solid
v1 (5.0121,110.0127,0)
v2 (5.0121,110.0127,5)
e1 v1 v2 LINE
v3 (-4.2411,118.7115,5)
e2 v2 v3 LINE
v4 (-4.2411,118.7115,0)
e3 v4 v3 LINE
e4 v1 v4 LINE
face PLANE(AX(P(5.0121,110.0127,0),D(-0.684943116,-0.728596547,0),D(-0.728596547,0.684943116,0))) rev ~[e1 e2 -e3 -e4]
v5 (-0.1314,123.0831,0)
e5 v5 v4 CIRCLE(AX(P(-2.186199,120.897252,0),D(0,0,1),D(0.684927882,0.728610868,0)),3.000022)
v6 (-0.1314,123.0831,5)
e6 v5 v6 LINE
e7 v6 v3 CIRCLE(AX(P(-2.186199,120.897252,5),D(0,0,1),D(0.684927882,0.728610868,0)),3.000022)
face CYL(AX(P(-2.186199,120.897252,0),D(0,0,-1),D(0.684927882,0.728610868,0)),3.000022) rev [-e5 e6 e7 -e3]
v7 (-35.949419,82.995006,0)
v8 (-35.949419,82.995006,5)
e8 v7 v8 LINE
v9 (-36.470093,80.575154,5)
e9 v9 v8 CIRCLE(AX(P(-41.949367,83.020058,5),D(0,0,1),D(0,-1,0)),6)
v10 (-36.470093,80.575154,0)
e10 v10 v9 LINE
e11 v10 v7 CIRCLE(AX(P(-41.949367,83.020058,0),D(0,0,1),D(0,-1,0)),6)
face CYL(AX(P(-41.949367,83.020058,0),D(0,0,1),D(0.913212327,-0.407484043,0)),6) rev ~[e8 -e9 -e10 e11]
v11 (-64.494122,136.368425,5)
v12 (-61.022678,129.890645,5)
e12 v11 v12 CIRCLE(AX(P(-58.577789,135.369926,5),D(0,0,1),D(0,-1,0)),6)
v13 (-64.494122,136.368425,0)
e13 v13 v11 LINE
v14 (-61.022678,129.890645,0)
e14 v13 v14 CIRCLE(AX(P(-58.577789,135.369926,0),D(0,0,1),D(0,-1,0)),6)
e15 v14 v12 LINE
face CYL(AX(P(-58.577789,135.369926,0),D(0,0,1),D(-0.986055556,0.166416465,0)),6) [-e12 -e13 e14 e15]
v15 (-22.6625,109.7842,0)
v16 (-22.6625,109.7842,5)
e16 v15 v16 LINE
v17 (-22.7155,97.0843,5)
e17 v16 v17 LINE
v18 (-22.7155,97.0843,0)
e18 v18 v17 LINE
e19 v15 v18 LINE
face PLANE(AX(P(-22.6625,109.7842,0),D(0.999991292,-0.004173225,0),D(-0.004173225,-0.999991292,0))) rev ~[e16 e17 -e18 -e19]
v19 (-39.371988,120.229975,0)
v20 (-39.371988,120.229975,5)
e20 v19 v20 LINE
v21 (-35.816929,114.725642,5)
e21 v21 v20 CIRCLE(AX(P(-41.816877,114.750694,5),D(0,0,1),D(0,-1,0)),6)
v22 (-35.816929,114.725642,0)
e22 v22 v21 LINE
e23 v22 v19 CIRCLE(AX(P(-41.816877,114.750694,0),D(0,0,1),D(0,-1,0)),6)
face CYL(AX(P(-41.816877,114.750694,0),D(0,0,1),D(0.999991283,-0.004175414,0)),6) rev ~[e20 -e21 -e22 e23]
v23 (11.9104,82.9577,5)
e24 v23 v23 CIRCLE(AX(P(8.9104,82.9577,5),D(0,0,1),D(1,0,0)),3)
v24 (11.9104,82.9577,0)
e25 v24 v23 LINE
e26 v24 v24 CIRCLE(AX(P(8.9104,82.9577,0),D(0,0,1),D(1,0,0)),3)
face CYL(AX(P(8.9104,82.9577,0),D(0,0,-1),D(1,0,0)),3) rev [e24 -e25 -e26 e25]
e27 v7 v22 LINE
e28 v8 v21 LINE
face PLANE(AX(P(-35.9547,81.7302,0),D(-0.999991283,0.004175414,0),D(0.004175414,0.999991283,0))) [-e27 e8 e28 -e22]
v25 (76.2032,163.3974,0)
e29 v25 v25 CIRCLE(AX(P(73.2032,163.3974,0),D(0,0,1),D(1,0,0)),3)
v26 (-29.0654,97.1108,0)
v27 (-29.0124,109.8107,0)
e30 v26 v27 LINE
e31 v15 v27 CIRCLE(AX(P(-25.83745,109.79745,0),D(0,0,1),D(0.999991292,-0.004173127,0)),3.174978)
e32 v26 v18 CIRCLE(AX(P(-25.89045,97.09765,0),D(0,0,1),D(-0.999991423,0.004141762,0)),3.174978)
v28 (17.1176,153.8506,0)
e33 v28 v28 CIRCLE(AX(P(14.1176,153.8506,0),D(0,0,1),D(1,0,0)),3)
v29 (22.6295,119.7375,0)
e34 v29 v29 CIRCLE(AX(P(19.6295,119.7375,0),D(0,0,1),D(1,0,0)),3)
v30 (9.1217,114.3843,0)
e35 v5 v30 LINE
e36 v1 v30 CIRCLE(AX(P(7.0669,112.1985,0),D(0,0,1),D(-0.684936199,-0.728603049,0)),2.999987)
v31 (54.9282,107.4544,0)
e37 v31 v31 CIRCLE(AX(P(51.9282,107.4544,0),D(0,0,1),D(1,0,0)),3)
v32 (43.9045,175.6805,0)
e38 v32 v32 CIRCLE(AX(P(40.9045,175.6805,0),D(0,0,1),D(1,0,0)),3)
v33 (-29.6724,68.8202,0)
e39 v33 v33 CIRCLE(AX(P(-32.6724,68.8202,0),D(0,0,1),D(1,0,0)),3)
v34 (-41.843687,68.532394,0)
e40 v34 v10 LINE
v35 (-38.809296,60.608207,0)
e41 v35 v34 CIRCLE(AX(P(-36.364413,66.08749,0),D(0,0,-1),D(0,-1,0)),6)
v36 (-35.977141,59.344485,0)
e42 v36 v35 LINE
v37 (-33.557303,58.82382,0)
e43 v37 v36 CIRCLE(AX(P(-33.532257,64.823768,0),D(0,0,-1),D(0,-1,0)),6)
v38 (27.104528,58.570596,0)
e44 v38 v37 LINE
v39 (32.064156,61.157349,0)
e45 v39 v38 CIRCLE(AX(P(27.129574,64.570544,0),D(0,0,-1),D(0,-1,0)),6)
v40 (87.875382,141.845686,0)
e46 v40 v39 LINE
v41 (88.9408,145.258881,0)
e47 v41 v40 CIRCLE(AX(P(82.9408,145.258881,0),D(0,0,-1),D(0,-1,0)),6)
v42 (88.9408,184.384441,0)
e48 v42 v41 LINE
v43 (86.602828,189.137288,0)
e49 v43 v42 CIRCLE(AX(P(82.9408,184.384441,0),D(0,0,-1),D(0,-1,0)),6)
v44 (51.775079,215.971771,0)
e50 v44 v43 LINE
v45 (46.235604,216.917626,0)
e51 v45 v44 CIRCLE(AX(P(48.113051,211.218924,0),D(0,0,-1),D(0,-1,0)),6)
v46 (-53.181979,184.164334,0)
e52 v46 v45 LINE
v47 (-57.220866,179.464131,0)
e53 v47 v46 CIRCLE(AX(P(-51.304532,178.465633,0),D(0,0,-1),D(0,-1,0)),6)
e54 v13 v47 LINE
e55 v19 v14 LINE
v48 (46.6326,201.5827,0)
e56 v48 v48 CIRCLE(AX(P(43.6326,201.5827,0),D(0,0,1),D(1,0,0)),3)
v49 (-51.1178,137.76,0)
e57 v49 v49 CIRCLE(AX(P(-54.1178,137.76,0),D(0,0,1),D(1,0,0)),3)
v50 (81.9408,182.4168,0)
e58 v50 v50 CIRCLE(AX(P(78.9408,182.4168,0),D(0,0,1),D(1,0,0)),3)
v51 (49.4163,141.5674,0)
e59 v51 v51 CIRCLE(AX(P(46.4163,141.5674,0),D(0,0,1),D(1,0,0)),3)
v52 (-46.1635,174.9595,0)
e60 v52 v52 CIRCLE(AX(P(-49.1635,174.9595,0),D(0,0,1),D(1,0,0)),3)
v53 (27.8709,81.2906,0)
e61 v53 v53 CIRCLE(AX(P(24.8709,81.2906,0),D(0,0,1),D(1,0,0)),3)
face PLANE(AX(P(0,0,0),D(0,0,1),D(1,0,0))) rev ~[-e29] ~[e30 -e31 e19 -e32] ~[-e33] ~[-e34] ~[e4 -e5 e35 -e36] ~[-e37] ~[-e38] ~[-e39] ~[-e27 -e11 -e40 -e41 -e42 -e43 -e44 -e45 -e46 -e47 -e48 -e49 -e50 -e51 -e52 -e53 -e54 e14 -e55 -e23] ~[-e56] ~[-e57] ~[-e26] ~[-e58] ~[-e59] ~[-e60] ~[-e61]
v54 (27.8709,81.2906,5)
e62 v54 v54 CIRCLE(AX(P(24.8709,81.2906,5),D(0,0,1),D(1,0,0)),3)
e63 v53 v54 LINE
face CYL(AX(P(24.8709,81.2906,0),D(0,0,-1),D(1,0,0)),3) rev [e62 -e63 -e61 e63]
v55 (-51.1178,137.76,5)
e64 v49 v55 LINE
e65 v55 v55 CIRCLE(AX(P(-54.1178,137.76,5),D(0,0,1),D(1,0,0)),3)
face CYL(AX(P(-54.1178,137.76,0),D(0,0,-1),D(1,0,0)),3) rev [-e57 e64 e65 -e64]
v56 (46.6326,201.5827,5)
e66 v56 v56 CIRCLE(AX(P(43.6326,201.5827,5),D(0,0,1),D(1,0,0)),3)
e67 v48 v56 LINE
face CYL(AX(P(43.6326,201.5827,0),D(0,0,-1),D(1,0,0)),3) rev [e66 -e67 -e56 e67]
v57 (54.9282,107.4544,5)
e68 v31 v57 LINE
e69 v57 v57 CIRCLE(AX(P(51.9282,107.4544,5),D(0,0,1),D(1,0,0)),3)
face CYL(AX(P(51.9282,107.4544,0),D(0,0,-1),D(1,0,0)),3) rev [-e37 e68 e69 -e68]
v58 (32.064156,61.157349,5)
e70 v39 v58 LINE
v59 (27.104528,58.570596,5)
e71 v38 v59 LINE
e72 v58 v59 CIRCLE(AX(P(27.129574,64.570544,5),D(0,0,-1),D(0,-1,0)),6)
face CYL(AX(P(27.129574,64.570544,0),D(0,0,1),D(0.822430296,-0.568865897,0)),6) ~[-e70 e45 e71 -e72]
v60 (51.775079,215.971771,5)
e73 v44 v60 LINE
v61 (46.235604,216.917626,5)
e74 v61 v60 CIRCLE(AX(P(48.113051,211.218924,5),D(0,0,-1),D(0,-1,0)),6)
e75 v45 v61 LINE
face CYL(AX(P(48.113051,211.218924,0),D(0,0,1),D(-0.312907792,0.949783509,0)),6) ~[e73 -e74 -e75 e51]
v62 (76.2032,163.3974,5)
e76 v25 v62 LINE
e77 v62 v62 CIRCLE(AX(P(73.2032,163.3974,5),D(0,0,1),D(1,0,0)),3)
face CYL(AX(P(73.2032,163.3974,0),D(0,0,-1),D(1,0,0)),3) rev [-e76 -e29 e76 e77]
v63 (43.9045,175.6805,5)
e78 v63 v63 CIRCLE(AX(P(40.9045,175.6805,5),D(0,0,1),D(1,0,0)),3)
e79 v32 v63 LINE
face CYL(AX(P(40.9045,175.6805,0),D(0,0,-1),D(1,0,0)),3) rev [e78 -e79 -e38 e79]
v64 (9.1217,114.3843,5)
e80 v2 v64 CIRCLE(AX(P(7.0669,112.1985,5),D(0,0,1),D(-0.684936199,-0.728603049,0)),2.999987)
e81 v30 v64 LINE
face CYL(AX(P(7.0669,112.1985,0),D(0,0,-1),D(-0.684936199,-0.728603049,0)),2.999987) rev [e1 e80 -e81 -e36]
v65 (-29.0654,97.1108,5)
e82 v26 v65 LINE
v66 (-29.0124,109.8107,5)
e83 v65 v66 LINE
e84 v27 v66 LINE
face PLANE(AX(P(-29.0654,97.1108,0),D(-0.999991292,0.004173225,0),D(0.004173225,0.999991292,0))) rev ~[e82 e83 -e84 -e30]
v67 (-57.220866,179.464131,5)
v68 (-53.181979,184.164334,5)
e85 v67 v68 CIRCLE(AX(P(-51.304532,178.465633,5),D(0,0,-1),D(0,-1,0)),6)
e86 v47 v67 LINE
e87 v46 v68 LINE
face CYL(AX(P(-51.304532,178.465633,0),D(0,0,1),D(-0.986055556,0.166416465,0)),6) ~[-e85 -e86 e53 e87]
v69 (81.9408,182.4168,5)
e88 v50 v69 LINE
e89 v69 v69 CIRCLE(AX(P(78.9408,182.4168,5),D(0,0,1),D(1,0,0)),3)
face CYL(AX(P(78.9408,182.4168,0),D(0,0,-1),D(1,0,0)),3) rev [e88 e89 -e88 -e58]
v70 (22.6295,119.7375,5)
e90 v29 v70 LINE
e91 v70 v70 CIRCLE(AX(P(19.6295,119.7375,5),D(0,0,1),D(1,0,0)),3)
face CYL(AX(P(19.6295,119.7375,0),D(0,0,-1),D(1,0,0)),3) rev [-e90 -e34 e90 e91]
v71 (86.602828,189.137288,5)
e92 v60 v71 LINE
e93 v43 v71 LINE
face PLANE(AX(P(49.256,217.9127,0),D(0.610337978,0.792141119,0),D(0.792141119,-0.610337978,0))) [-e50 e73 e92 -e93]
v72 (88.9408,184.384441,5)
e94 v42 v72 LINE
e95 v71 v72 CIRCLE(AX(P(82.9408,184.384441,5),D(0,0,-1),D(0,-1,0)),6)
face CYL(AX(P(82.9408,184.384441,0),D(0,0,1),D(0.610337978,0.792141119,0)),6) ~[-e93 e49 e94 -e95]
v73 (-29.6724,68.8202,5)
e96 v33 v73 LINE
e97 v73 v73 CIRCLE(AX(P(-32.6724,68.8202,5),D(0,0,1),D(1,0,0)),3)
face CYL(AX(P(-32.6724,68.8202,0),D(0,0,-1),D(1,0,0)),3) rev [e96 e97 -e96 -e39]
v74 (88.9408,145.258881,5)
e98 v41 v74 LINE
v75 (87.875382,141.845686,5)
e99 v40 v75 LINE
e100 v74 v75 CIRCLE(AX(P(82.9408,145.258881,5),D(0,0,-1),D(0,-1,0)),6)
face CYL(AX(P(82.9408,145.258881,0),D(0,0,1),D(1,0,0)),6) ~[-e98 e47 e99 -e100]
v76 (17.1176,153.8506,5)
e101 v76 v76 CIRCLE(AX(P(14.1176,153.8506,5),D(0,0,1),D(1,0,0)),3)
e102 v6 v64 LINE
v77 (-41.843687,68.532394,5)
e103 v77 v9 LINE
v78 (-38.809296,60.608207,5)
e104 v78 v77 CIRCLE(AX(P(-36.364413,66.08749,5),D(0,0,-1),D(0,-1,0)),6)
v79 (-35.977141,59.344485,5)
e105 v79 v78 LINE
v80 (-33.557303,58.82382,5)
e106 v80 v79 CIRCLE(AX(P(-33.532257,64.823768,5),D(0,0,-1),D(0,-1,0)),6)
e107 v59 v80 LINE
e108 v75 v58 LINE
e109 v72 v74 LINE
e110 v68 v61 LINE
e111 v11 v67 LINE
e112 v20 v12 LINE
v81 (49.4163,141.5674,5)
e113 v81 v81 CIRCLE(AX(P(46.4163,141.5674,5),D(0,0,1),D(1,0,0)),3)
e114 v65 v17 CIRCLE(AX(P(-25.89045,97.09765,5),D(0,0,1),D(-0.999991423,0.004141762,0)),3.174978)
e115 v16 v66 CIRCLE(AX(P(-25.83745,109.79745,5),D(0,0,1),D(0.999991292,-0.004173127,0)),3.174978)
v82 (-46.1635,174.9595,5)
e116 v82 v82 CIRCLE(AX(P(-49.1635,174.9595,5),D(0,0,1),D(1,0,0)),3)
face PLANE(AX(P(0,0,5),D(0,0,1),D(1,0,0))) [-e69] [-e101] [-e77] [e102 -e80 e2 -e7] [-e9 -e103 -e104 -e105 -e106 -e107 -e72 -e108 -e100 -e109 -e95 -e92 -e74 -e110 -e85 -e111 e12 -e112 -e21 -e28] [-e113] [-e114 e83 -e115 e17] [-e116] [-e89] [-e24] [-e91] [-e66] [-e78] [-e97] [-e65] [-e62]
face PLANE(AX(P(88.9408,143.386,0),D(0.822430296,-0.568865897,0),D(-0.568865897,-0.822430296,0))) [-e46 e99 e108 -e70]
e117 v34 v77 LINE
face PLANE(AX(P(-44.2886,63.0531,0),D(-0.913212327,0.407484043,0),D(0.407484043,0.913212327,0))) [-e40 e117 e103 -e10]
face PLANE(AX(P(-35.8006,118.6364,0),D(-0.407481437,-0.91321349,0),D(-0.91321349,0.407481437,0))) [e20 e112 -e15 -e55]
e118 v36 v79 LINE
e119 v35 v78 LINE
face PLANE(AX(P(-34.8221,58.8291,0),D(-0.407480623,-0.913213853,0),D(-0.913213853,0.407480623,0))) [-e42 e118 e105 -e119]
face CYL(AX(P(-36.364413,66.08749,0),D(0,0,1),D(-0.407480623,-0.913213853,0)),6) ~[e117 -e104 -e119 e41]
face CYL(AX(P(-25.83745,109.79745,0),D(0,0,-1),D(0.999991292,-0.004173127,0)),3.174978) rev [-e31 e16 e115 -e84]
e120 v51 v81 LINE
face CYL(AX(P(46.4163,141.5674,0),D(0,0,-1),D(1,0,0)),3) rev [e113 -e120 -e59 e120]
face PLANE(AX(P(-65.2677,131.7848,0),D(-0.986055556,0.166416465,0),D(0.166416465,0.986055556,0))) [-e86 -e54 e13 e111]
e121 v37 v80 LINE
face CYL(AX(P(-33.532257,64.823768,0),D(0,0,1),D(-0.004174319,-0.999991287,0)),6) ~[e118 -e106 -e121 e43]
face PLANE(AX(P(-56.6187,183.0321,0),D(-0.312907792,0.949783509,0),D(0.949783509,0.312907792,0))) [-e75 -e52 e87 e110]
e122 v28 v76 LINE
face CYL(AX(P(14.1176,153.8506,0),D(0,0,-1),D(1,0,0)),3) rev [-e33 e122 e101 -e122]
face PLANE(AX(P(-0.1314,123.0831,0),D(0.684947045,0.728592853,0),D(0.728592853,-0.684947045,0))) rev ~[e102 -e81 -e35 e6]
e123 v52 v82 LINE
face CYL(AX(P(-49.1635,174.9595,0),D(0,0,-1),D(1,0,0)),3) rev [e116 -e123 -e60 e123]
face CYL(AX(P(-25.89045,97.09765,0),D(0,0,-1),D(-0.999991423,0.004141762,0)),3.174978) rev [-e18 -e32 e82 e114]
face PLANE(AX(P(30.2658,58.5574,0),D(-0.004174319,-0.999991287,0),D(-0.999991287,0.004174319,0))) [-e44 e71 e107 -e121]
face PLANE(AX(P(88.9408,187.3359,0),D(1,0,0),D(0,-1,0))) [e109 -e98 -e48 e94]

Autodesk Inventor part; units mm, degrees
ref_plane "YZ Plane" through (0, 0, 0) normal (1, 0, 0) x (0, 1, 0)
ref_plane "XZ Plane" through (0, 0, 0) normal (0, 1, 0) x (-1, 0, 0)
ref_plane "XY Plane" through (0, 0, 0) normal (0, 0, 1) x (1, 0, 0)
sketch "Base" plane through (0, 0, 0) normal (0, 0, 1) x (1, 0, 0)
  circle A0 centre (-32.6724, 68.8202) radius 3
  circle A1 centre (8.9104, 82.9577) radius 3
  circle A2 centre (24.8709, 81.2906) radius 3
  arc A3 (-29.0654, 97.1108) -> (-22.7155, 97.0843) centre (-25.8905, 97.0976) ccw
  line L0 (-22.6625, 109.7842) -> (-22.7155, 97.0843)
  arc A4 (-22.6625, 109.7842) -> (-29.0124, 109.8107) centre (-25.8375, 109.7974) ccw
  line L1 (-29.0654, 97.1108) -> (-29.0124, 109.8107)
  arc A5 (-0.1314, 123.0831) -> (-4.2411, 118.7115) centre (-2.1862, 120.8973) ccw
  line L2 (5.0121, 110.0127) -> (-4.2411, 118.7115)
  line L3 (-0.1314, 123.0831) -> (9.1217, 114.3843)
  arc A6 (5.0121, 110.0127) -> (9.1217, 114.3843) centre (7.0669, 112.1985) ccw
  circle A7 centre (-54.1178, 137.76) radius 3
  circle A8 centre (-49.1635, 174.9595) radius 3
  circle A9 centre (78.9408, 182.4168) radius 3
  circle A10 centre (43.6326, 201.5827) radius 3
  circle A11 centre (51.9282, 107.4544) radius 3
  circle A12 centre (19.6295, 119.7375) radius 3
  circle A13 centre (14.1176, 153.8506) radius 3
  circle A14 centre (46.4163, 141.5674) radius 3
  circle A15 centre (78.715, 129.2843) radius 3.175 construction
  circle A16 centre (73.2032, 163.3974) radius 3
  circle A17 centre (40.9045, 175.6805) radius 3
  line L4 (-65.2677, 131.7848) -> (-56.6187, 183.0321)
  line L5 (-56.6187, 183.0321) -> (49.256, 217.9127)
  line L6 (49.256, 217.9127) -> (88.9408, 187.3359)
  line L7 (88.9408, 187.3359) -> (88.9408, 143.386)
  line L8 (88.9408, 143.386) -> (30.2658, 58.5574)
  line L9 (30.2658, 58.5574) -> (-34.8221, 58.8291)
  line L10 (-34.8221, 58.8291) -> (-44.2886, 63.0531)
  line L11 (-44.2886, 63.0531) -> (-35.9547, 81.7302)
  line L12 (-35.9547, 81.7302) -> (-35.8006, 118.6364)
  line L13 (-35.8006, 118.6364) -> (-65.2677, 131.7848)
  line L14 (-80.6316, -18.3957) -> (-39.2676, 74.3056) construction
  line L15 (106.2259, 158.4266) -> (73.8476, 111.6161) construction
  line L16 (52.3387, 226.8078) -> (103.9962, 187.0062) construction
  line L17 (106.4643, 182.257) -> (107.3472, 162.3198) construction
  line L18 (-70.1334, 189.3917) -> (46.4761, 227.8089) construction
  line L19 (-90.3471, 89.9733) -> (-74.4079, 184.4173) construction
  line L20 (-2.1862, 120.8973) -> (7.0669, 112.1985) construction
  point P0 (0, 0)
  point P1 (69.0984, 202.6243)
  point P2 (90.0367, 135.0214)
extrude "Plate1" add sketch "Base" along normal blind 5
fillet "FilletsFeature" radius 6 10 edges at (-56.6187, 183.0321, 2.5) (49.256, 217.9127, 2.5) (88.9408, 187.3359, 2.5) (88.9408, 143.386, 2.5) (30.2658, 58.5574, 2.5) (-34.8221, 58.8291, 2.5) (-44.2886, 63.0531, 2.5) (-35.9547, 81.7302, 2.5) (-35.8006, 118.6364, 2.5) (-65.2677, 131.7848, 2.5)
equation "\"d10\" = Thickness"
equation "\"BendRadius\" = Thickness"
equation "\"BendReliefWidth\" = Thickness"
equation "\"BendReliefDepth\" = 0.5 * Thickness"
equation "\"TransitionRadius\" = BendRadius"
equation "\"JacobiRadiusSize\" = BendRadius"
equation "\"GapSize\" = Thickness"
equation "\"Thickness\" = 5"
properties part number "LegInsideConnector"
